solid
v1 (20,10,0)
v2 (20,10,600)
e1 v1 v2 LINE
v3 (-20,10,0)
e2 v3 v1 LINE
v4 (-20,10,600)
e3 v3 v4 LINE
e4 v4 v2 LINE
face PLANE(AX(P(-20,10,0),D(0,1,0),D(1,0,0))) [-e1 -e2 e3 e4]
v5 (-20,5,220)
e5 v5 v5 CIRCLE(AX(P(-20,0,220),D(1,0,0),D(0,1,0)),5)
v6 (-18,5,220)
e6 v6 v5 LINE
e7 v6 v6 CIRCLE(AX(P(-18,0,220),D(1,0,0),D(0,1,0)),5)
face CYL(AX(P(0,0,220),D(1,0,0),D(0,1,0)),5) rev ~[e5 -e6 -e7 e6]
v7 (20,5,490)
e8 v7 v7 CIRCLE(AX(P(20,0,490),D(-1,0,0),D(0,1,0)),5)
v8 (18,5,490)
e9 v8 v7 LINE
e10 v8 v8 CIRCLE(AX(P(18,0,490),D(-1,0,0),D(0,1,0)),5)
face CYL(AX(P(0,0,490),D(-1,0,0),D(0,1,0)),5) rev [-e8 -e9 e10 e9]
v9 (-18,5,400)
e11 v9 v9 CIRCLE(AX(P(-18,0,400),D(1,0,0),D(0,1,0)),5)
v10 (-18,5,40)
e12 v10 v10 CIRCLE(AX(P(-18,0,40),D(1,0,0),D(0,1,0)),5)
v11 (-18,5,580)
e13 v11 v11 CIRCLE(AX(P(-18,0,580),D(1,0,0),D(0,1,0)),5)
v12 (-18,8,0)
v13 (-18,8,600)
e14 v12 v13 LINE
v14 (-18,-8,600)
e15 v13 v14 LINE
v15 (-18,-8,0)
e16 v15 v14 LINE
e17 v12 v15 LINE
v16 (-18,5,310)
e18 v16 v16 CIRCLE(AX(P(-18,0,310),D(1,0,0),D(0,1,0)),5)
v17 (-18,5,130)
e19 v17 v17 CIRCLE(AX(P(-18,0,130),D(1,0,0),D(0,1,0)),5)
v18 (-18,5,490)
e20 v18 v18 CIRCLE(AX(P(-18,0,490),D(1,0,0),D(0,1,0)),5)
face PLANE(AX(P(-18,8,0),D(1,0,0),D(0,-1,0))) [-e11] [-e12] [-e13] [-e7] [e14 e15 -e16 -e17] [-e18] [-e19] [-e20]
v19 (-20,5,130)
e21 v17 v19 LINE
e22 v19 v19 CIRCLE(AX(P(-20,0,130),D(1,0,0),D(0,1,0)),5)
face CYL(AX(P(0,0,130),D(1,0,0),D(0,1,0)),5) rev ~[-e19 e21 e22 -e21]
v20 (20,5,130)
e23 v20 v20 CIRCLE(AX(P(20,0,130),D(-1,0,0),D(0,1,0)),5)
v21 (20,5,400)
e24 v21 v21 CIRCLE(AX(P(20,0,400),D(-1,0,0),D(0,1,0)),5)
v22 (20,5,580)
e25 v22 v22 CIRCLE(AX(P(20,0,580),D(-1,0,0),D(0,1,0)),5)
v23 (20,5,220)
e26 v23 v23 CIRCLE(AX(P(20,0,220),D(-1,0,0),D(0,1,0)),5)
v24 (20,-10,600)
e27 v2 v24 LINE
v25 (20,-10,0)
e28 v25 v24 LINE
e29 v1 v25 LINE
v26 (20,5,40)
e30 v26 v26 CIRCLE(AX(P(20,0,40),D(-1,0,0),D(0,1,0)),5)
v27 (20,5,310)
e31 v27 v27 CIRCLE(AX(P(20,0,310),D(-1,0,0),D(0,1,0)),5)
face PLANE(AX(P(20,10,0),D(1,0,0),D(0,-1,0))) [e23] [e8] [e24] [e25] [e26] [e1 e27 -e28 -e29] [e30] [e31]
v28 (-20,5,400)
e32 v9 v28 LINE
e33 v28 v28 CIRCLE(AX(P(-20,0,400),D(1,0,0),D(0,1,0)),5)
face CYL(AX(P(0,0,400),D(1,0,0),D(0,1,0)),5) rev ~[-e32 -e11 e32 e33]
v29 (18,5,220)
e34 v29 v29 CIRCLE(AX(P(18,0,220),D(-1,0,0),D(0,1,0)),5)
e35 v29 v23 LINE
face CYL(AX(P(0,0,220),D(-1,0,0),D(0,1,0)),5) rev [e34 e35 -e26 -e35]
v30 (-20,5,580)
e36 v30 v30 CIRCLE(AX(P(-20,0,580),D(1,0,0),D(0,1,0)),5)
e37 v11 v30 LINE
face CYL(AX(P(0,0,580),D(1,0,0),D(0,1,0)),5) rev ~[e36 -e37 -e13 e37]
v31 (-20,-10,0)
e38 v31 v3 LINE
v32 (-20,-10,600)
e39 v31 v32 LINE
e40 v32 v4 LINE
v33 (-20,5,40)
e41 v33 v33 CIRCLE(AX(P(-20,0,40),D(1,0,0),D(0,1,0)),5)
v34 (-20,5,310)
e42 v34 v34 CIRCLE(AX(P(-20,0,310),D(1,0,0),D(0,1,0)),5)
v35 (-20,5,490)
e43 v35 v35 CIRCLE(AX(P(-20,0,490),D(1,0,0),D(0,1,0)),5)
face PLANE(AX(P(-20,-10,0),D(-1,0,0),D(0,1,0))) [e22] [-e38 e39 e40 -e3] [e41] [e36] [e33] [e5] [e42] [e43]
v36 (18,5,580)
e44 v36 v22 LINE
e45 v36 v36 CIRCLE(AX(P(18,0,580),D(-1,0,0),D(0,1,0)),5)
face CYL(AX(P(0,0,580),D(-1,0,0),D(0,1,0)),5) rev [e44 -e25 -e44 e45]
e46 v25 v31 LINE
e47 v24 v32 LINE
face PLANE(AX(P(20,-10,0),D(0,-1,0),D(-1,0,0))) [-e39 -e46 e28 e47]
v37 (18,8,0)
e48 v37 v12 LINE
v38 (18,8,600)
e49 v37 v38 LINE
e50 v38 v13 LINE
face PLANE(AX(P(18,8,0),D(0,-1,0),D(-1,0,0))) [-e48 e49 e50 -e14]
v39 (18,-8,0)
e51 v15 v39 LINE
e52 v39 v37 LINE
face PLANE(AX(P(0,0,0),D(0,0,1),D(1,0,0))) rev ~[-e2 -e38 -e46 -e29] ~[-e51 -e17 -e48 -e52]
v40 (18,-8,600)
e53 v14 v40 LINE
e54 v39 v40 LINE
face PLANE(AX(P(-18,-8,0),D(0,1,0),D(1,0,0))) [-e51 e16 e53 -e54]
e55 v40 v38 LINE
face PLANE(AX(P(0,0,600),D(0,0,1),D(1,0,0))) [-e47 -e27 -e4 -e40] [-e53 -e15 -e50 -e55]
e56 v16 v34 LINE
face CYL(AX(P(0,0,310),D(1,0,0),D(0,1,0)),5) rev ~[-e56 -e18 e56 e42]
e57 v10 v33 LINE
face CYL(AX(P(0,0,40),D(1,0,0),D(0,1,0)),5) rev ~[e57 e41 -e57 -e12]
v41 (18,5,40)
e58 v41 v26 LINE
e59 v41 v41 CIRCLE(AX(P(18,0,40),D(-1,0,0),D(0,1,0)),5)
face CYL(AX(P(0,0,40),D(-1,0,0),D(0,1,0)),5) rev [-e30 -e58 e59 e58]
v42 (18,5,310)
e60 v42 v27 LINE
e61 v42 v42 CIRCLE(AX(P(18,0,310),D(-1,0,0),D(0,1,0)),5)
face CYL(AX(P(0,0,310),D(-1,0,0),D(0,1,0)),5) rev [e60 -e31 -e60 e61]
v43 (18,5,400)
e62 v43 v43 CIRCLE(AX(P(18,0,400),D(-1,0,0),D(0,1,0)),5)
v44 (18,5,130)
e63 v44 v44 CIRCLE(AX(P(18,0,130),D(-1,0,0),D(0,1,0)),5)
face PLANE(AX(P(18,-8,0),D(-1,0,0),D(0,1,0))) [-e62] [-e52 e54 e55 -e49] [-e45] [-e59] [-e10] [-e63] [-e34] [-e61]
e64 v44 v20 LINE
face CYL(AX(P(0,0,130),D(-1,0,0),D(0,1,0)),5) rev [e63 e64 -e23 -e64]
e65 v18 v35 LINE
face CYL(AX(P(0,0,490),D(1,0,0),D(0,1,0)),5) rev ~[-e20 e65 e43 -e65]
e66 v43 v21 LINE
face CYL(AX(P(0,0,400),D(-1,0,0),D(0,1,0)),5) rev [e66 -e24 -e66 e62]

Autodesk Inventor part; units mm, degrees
ref_plane "YZ Plane" through (0, 0, 0) normal (1, 0, 0) x (0, 1, 0)
ref_plane "XZ Plane" through (0, 0, 0) normal (0, 1, 0) x (-1, 0, 0)
ref_plane "XY Plane" through (0, 0, 0) normal (0, 0, 1) x (1, 0, 0)
sketch "Sketch1" plane through (0, 0, 0) normal (0, 0, 1) x (1, 0, 0)
  line L0 (-20, 10) -> (20, 10)
  line L1 (20, 10) -> (20, -10)
  line L2 (20, -10) -> (-20, -10)
  line L3 (-20, -10) -> (-20, 10)
  line L4 (-20, 10) -> (20, -10) construction
  line L5 (18, 8) -> (-18, 8)
  line L6 (-18, 8) -> (-18, -8)
  line L7 (-18, -8) -> (18, -8)
  line L8 (18, -8) -> (18, 8)
  point P0 (0, 0)
  point P1 (0, 0)
  dimension "d0" = 40
  dimension "d1" = 20
  dimension "d4" = 2
extrude "Extrusion1" add sketch "Sketch1" along normal blind 600
sketch "Sketch2" plane through (0, 0, 0) normal (1, 0, 0) x (0, 1, 0)
  line L0 (-10, 0) -> (10, 0) projected
  line L1 (10, 0) -> (10, 600) construction
  line L2 (-10, 600) -> (10, 600) projected
  line L3 (-10, 0) -> (-10, 600) construction
  circle A0 centre (0, 580) radius 5
  point P0 (0, 0)
  point P1 (0, 600)
  dimension "d5" = 10
  dimension "d6" = 20
extrude "Extrusion2" cut sketch "Sketch2" along normal through all both and the other way through all
pattern_linear "Rectangular Pattern1" count 7 spacing 90 along (0, 0, -1) of "Extrusion2"
properties part number "Wash way double"
